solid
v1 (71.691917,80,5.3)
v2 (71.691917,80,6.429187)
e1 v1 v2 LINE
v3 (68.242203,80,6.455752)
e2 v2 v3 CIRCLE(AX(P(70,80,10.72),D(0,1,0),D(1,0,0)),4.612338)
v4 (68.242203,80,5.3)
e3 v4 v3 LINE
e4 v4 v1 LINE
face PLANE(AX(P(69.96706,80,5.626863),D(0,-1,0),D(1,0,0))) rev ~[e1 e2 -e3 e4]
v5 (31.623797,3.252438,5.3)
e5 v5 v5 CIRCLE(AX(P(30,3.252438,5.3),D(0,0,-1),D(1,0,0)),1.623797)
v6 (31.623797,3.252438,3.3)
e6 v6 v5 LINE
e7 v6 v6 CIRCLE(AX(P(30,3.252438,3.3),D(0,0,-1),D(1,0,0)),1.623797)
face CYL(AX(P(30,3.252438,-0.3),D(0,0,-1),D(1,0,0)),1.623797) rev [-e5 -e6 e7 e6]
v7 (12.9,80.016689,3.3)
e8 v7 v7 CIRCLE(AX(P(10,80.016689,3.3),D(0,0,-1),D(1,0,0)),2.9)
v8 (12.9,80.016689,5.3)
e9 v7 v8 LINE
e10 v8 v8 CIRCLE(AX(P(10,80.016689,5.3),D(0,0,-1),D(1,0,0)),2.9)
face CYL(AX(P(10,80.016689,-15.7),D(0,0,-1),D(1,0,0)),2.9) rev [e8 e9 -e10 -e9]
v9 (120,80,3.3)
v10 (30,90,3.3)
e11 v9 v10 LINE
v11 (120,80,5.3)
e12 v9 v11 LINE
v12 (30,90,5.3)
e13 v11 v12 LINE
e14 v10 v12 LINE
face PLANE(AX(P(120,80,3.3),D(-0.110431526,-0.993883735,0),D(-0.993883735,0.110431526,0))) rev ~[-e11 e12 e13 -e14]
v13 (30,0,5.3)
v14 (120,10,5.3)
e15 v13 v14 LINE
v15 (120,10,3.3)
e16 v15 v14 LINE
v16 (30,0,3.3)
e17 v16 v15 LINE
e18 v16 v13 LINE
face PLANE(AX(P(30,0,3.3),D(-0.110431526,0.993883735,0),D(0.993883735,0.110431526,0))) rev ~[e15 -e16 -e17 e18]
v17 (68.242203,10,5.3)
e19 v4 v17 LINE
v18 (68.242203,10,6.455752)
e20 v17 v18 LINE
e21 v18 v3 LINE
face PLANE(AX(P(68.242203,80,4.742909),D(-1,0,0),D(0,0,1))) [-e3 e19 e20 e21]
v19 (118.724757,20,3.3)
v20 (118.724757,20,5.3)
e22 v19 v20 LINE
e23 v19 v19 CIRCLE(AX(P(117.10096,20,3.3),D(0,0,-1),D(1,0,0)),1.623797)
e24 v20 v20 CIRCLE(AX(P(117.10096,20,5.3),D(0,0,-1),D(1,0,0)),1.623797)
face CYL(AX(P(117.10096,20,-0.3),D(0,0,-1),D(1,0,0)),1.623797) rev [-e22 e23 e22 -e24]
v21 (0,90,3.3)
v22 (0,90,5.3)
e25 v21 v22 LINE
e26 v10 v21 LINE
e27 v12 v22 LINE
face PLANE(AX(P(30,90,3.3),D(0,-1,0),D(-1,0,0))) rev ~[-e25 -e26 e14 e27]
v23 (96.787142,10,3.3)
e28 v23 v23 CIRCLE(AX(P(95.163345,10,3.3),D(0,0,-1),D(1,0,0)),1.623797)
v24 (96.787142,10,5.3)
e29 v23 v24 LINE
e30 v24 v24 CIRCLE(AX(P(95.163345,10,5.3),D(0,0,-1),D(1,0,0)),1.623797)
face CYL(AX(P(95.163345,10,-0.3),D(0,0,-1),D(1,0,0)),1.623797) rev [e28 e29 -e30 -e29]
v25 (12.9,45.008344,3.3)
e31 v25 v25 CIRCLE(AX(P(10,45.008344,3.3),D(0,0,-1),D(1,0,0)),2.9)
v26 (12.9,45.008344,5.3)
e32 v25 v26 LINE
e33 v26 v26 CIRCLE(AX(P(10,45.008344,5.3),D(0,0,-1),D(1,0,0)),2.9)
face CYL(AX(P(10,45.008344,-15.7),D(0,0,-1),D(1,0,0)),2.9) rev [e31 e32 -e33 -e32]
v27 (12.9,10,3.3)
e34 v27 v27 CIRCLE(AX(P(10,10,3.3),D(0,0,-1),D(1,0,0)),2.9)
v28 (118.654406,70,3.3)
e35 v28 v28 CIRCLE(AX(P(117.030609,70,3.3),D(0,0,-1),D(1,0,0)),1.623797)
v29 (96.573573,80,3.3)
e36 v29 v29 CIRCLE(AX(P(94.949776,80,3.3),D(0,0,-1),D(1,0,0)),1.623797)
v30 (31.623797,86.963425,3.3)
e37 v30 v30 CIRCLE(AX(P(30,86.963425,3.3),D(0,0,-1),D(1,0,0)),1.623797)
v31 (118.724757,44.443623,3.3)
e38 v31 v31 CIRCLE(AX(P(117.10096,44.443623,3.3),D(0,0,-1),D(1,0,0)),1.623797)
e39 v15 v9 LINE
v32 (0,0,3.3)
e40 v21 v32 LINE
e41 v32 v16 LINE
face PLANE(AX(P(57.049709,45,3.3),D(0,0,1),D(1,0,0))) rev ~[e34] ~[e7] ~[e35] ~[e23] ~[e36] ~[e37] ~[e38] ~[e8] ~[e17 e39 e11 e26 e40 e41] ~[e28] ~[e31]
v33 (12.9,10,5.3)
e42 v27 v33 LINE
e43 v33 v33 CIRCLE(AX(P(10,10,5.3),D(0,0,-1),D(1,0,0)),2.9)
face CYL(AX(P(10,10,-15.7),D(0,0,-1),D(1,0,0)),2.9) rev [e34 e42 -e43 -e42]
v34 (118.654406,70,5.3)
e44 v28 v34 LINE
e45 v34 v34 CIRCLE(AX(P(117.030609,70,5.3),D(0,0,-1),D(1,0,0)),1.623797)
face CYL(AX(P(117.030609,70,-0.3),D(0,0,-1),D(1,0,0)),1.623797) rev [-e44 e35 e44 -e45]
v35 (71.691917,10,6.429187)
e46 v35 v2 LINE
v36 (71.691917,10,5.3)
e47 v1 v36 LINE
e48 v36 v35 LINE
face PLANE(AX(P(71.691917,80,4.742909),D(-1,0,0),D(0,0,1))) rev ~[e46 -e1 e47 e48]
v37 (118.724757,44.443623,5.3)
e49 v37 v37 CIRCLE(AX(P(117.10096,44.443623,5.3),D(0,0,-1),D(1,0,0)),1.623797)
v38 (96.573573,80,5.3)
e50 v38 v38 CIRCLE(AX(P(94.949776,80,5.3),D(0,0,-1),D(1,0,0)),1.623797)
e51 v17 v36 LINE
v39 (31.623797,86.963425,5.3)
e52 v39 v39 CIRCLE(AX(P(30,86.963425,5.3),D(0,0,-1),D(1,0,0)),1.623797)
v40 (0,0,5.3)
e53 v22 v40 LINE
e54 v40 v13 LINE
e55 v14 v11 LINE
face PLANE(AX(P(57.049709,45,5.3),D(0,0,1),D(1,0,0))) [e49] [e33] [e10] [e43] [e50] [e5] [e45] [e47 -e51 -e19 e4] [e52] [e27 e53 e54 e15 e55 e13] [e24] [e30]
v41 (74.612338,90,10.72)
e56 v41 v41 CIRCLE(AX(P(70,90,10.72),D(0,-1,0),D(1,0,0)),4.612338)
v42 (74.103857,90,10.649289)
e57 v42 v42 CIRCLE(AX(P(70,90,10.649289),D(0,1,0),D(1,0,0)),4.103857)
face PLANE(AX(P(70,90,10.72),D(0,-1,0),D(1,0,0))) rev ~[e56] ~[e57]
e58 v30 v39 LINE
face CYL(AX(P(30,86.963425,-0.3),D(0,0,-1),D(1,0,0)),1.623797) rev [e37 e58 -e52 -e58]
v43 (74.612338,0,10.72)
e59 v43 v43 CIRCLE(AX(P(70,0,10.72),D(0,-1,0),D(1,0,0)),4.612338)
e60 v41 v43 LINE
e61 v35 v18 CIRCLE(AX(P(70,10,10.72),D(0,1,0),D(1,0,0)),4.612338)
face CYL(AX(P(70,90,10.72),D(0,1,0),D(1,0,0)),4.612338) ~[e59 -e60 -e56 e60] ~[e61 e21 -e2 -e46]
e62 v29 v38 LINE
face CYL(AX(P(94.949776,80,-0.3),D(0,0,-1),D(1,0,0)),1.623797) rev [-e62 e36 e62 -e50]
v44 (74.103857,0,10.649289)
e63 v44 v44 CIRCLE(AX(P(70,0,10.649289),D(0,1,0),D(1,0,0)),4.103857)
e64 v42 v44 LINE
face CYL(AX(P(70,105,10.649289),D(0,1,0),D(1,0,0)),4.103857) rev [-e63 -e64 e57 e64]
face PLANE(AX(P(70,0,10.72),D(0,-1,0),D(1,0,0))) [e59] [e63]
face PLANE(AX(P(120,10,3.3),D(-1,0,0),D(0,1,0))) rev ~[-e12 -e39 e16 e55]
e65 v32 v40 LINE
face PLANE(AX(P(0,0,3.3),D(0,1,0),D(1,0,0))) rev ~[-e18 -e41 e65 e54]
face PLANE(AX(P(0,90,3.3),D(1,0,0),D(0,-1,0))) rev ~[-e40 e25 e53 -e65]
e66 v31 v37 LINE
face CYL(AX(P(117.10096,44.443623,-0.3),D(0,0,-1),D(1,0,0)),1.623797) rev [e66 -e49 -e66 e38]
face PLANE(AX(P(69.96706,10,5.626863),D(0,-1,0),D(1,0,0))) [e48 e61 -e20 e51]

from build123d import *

# Parameters (mm, degrees)
SKETCH013_R      = 4.103857
EXTRUDE012_DEPTH = 120
SKETCH012_R      = 4.612338
EXTRUDE011_DEPTH = 90
SKETCH031_W      = 3.449714
SKETCH031_H      = 1.767909
EXTRUDE033_DEPTH = 70
SKETCH174_R      = 1.623797
EXTRUDE193_DEPTH = 10
SKETCH176_R      = 2.9
EXTRUDE005_DEPTH = 50
EXTRUDE002_DEPTH = 2


with BuildPart() as extrude012:
    # Sketch013 → Extrude012 (new body)
    with BuildSketch(Plane.XZ):
        with Locations((70, 3.549289)):
            Circle(SKETCH013_R)
    extrude(amount=EXTRUDE012_DEPTH)


with BuildPart() as extrude012_1:
    # Extrude012 placement: moved
    add(extrude012.part.moved(Location((0, 105, 0))))


with BuildPart() as tubo:
    # Sketch012 → Extrude011 (new body)
    with BuildSketch(Plane.XZ):
        with Locations((70, 3.62)):
            Circle(SKETCH012_R)
    extrude(amount=EXTRUDE011_DEPTH)


with BuildPart() as tubo_1:
    # Extrude011 placement: moved
    add(tubo.part.moved(Location((0, 90, 0))))

    # Cut004: cut Extrude012
    add(extrude012_1.part, mode=Mode.SUBTRACT)


with BuildPart() as fusion066:
    # Sketch031 → Extrude033 (new body)
    with BuildSketch(Plane.XZ):
        with Locations((69.96706, -1.473137)):
            Rectangle(SKETCH031_W, SKETCH031_H)
    extrude(amount=EXTRUDE033_DEPTH)


with BuildPart() as fusion066_1:
    # Extrude033 placement: moved
    add(fusion066.part.moved(Location((0, 80, 0))))

    # Fusion066: union Tubo
    add(tubo_1.part)


with BuildPart() as fusion066_2:
    # Fusion066 placement: moved
    add(fusion066_1.part.moved(Location((0, 0, -8.2))))


with BuildPart() as extrude193:
    # Sketch174 (on Face4 of Cut014) → Extrude193 (new body)
    with BuildSketch(Plane.XY.offset(12.1)):
        with Locations((30, 86.963425)):
            Circle(SKETCH174_R)
        with Locations((30, 3.252438)):
            Circle(SKETCH174_R)
        with Locations((95.163345, 10)):
            Circle(SKETCH174_R)
        with Locations((94.949776, 80)):
            Circle(SKETCH174_R)
        with Locations((117.10096, 20)):
            Circle(SKETCH174_R)
        with Locations((117.030609, 70)):
            Circle(SKETCH174_R)
        with Locations((117.10096, 44.443623)):
            Circle(SKETCH174_R)
    extrude(amount=EXTRUDE193_DEPTH)


with BuildPart() as extrude193_1:
    # Extrude193 placement: moved
    add(extrude193.part.moved(Location((0, 0, -27.7))))


with BuildPart() as tornillos002:
    # Sketch176 (on Face8 of Extrude002) → Extrude005 (new body)
    with BuildSketch(Plane.XY.offset(2)):
        with Locations((10, 80.016689)):
            Circle(SKETCH176_R)
        with Locations((10, 45.008344)):
            Circle(SKETCH176_R)
        with Locations((10, 10)):
            Circle(SKETCH176_R)
    extrude(amount=EXTRUDE005_DEPTH)


with BuildPart() as tornillos002_1:
    # Extrude005 placement: moved
    add(tornillos002.part.moved(Location((0, 0, -21))))


with BuildPart() as base:
    # Sketch175 → Extrude002 (new body)
    with BuildSketch(Plane.XY):
        Polygon((0, 0), (30, 0), (120, 10), (120, 80), (30, 90), (0, 90), align=None)
    extrude(amount=EXTRUDE002_DEPTH)

    # Cut002: cut Tornillos002
    add(tornillos002_1.part, mode=Mode.SUBTRACT)


with BuildPart() as base_1:
    # Cut002 placement: moved
    add(base.part.moved(Location((0, 0, -12))))

    # Cut122: cut Extrude193
    add(extrude193_1.part, mode=Mode.SUBTRACT)

    # Fusion065: union Fusion066
    add(fusion066_2.part)


with BuildPart() as base_2:
    # Fusion065 placement: moved
    add(base_1.part.moved(Location((0, 0, 15.3))))


solid = base_2.part
